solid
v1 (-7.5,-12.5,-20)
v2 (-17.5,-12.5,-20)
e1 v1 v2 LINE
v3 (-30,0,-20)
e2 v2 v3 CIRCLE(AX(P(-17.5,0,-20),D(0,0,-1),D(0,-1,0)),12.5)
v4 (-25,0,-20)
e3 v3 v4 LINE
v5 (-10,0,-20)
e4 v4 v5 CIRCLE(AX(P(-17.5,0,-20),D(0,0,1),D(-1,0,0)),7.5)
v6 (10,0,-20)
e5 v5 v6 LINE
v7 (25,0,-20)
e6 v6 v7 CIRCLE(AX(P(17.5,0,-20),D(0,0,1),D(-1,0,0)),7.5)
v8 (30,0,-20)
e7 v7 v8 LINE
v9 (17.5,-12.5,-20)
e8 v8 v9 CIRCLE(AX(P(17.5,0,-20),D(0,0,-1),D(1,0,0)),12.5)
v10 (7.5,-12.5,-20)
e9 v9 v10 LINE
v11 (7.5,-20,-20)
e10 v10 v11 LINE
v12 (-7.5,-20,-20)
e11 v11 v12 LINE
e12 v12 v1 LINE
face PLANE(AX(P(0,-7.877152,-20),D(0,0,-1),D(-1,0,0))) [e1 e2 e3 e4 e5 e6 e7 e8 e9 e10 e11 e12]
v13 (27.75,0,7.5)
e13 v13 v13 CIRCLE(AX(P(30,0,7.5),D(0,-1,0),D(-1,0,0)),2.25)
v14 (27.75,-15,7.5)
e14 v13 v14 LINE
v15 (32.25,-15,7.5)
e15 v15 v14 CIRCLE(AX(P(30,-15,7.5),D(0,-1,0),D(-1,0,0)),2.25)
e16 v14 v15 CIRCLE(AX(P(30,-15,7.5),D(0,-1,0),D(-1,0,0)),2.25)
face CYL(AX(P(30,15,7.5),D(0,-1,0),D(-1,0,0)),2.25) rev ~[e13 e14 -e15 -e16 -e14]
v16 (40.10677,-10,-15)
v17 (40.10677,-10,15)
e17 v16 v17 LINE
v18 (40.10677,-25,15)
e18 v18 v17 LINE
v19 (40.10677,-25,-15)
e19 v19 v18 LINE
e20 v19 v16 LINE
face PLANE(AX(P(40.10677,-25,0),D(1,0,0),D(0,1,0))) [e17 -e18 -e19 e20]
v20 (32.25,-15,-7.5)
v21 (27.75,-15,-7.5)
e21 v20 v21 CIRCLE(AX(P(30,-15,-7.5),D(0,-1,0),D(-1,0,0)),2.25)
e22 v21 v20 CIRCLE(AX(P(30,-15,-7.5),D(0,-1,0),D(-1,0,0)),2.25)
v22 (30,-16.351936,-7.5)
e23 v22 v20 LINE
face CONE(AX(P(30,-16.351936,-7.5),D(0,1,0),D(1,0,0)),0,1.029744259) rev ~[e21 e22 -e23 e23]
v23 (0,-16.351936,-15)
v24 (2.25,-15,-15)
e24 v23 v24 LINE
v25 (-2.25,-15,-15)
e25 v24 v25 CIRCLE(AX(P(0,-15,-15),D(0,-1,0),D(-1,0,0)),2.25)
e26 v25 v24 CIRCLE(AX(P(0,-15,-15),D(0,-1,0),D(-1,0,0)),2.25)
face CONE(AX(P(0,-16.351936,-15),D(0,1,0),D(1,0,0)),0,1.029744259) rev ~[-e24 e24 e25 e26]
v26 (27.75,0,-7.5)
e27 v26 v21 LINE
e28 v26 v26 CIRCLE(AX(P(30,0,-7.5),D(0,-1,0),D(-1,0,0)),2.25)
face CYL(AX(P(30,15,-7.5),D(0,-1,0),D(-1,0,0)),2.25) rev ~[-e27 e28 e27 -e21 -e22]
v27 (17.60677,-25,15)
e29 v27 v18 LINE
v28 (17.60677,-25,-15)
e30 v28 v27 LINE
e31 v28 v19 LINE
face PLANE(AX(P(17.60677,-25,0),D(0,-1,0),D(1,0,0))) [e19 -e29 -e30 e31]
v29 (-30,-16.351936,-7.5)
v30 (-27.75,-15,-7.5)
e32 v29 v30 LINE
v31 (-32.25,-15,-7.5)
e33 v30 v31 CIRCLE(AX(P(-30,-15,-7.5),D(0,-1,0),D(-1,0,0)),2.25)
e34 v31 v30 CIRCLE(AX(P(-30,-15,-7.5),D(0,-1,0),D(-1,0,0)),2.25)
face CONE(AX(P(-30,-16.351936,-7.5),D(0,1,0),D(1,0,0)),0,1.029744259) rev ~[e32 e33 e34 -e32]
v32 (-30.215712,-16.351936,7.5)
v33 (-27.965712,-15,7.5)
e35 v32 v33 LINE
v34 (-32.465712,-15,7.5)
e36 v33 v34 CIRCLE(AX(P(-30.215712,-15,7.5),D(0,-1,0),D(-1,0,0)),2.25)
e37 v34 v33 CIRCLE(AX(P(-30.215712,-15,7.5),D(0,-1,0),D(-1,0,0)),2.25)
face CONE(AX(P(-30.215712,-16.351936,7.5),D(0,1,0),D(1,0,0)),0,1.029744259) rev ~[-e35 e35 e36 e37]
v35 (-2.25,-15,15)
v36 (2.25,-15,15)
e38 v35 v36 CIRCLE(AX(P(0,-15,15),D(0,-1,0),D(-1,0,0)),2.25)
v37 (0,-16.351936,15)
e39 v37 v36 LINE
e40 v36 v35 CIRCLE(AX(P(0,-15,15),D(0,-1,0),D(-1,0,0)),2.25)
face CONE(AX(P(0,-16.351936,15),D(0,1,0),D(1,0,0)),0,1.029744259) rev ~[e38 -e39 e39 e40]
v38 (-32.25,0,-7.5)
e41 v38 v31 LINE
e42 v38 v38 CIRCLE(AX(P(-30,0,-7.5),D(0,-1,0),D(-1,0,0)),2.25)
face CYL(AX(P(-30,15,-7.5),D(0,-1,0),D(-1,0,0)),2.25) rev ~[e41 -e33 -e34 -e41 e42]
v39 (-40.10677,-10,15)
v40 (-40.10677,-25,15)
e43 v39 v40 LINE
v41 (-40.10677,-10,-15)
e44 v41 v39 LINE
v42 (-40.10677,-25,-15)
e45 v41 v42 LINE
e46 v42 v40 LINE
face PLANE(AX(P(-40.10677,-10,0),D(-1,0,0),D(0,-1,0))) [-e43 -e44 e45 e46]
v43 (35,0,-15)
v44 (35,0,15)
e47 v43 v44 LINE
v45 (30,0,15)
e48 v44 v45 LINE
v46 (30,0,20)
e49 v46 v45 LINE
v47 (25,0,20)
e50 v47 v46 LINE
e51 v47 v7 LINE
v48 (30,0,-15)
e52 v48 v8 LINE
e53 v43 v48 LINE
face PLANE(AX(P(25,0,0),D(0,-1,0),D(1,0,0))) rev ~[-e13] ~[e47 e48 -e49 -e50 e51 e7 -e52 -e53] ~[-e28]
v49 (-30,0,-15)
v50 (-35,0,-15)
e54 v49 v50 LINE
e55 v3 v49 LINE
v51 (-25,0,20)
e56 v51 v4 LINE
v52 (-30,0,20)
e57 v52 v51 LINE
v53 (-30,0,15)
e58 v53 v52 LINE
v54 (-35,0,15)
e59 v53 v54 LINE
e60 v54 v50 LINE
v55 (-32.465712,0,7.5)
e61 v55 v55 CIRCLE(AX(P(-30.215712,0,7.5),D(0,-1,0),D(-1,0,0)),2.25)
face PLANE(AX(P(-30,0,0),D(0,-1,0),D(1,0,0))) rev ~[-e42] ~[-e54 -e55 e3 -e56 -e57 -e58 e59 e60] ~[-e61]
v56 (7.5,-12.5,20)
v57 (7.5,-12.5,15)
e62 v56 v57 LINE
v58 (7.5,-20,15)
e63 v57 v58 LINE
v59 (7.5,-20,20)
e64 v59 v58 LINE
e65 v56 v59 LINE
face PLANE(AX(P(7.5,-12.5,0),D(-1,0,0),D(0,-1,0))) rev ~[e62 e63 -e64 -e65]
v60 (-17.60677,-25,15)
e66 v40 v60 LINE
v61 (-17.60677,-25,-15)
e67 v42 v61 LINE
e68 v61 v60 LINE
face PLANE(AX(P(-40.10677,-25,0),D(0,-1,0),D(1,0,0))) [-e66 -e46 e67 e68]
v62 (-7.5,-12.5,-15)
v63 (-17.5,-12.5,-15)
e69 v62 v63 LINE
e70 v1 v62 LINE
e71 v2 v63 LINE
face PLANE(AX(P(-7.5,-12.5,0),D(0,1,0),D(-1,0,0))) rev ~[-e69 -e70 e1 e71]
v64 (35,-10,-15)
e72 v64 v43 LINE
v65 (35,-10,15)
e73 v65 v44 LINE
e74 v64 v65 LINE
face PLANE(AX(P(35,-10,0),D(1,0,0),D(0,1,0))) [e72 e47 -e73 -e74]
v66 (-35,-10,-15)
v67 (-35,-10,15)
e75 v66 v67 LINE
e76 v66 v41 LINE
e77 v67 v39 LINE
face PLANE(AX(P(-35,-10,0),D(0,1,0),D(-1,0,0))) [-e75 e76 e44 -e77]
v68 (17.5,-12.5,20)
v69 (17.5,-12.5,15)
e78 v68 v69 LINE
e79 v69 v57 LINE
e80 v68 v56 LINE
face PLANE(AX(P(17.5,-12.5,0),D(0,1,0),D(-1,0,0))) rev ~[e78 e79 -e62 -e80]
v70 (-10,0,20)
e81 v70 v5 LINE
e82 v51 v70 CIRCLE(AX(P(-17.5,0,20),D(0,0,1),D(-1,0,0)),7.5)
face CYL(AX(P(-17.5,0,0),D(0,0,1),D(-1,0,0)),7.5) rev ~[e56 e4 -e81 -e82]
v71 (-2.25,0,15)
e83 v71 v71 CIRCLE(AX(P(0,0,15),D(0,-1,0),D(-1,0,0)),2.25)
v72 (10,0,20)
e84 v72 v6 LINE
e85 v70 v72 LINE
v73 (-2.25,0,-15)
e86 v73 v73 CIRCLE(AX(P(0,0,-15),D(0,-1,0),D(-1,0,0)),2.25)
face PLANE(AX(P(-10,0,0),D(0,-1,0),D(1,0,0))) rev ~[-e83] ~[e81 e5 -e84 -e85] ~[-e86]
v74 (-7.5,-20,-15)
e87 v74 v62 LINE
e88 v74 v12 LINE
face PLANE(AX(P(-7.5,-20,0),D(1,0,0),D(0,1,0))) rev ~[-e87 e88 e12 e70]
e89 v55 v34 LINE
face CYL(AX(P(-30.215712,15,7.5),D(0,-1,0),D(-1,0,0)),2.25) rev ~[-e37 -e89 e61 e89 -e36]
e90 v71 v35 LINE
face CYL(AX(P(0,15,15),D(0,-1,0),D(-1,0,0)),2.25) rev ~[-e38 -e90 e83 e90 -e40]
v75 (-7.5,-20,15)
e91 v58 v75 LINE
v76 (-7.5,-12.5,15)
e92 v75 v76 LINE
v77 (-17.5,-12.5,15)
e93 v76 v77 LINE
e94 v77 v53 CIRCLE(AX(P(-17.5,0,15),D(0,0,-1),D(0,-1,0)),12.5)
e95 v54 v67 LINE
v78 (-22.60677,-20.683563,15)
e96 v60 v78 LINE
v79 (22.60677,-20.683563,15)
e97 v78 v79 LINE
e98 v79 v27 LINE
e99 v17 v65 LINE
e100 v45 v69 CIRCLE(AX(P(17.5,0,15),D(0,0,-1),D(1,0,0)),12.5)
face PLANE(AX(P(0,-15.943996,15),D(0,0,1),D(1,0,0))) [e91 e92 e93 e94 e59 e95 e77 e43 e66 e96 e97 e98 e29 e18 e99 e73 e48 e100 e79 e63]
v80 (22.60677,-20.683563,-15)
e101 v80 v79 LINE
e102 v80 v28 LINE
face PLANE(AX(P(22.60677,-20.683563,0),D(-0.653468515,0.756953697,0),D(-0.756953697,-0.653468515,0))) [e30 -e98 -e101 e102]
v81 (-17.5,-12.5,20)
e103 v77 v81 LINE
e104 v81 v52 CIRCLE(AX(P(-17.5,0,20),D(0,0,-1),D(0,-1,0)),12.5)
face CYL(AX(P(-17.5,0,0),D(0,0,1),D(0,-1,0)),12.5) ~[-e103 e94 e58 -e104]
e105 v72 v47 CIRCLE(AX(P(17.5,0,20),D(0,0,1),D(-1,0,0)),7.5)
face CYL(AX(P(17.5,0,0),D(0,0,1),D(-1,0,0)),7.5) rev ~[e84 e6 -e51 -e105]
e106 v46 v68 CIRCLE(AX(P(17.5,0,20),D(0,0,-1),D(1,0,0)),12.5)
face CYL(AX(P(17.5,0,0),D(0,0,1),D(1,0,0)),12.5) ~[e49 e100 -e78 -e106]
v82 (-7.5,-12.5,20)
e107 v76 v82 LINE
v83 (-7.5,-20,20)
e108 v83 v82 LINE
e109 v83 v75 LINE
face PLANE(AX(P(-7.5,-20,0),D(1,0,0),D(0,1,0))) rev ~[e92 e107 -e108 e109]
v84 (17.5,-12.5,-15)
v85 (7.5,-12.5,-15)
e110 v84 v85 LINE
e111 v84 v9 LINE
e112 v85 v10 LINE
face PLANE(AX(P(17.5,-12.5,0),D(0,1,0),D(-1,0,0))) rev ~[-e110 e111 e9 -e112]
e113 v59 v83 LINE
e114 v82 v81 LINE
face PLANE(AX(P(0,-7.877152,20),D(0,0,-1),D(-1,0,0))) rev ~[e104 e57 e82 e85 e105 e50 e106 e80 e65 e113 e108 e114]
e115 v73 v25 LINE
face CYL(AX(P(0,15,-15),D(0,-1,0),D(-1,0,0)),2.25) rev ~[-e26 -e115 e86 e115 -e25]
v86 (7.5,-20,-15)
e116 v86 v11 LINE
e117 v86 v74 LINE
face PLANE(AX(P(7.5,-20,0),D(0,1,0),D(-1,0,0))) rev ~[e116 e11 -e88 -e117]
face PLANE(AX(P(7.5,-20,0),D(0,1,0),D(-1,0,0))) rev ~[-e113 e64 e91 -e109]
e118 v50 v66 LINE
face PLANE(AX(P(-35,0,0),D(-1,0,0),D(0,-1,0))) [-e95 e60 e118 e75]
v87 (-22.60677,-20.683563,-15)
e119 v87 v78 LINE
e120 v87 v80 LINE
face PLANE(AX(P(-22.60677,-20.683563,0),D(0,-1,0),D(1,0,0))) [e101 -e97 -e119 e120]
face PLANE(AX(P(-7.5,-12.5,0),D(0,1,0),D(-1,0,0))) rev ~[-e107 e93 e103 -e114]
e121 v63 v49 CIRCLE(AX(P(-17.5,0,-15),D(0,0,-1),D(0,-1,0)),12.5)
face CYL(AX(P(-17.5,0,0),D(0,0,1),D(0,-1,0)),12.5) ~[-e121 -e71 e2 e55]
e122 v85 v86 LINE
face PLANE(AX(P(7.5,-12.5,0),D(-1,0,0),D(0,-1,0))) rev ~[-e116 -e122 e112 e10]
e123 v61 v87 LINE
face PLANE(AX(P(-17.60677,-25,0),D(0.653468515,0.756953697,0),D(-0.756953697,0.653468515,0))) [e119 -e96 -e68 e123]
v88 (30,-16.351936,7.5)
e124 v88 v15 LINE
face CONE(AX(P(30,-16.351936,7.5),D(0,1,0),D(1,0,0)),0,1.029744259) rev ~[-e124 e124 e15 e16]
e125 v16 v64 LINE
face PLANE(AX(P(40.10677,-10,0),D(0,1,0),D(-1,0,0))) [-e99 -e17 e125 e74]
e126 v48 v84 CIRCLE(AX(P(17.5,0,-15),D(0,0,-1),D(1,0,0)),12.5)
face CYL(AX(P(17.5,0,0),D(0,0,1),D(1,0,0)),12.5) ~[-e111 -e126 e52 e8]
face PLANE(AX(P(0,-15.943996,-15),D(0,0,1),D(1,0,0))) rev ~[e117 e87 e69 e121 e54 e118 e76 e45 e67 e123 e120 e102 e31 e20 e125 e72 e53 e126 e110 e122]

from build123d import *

# Parameters (mm, degrees)
BOSS_EXTRUDE1_DEPTH       = 20
BOSS_EXTRUDE2_DEPTH       = 15
F_3_0MM_DOWEL_HOLE1_D     = 4.5
F_3_0MM_DOWEL_HOLE1_DEPTH = 15
F_3_0MM_DOWEL_HOLE1_TIP   = 1.351936393


with BuildPart() as part:
    # Sketch1 → Boss-Extrude1 (new, symmetric)
    with BuildSketch(Plane.XY):
        with BuildLine():
            Line((-30, 0), (-25, 0))
            ThreePointArc((-25, 0), (-17.5, -7.5), (-10, 0))
            Line((-10, 0), (10, 0))
            ThreePointArc((10, 0), (17.5, -7.5), (25, 0))
            Line((25, 0), (30, 0))
            ThreePointArc((30, 0), (26.338834765, -8.838834765), (17.5, -12.5))
            Line((17.5, -12.5), (7.5, -12.5))
            Line((7.5, -12.5), (7.5, -20))
            Line((7.5, -20), (-7.5, -20))
            Line((-7.5, -20), (-7.5, -12.5))
            Line((-7.5, -12.5), (-17.5, -12.5))
            ThreePointArc((-17.5, -12.5), (-26.338834765, -8.838834765), (-30, 0))
        make_face()
    extrude(amount=BOSS_EXTRUDE1_DEPTH, both=True)

    # Sketch6 → Boss-Extrude2 (add, symmetric)
    with BuildSketch(Plane.XY):
        with BuildLine():
            Line((-35, 0), (-35, -10))
            Line((-35, -10), (-40.106769961, -10))
            Line((-40.106769961, -10), (-40.106769961, -25))
            Line((-40.106769961, -25), (-17.606769961, -25))
            Line((-17.606769961, -25), (-22.606769961, -20.683563485))
            Line((-22.606769961, -20.683563485), (22.606769961, -20.683563485))
            Line((22.606769961, -20.683563485), (17.606769961, -25))
            Line((17.606769961, -25), (40.106769961, -25))
            Line((40.106769961, -25), (40.106769961, -10))
            Line((40.106769961, -10), (35, -10))
            Line((35, -10), (35, 0))
            Line((35, 0), (30, 0))
            ThreePointArc((30, 0), (26.338834765, -8.838834765), (17.5, -12.5))
            Line((17.5, -12.5), (7.5, -12.5))
            Line((7.5, -12.5), (7.5, -20))
            Line((7.5, -20), (-7.5, -20))
            Line((-7.5, -20), (-7.5, -12.5))
            Line((-7.5, -12.5), (-17.5, -12.5))
            ThreePointArc((-17.5, -12.5), (-26.338834765, -8.838834765), (-30, 0))
            Line((-30, 0), (-35, 0))
        make_face()
    extrude(amount=BOSS_EXTRUDE2_DEPTH, both=True)

    # Ø3.0mm Dowel Hole1
    with Locations(Plane(origin=(0, 0, 0), x_dir=(1, 0, 0), z_dir=(0, 1, 0))):
        with Locations((0, 15), (0, -15), (30, 7.5), (30, -7.5), (-30, 7.5), (-30.215711777, -7.5)):
            Hole(F_3_0MM_DOWEL_HOLE1_D / 2, depth=F_3_0MM_DOWEL_HOLE1_DEPTH)
            with Locations((0, 0, -(F_3_0MM_DOWEL_HOLE1_DEPTH + F_3_0MM_DOWEL_HOLE1_TIP / 2))):  # 118° drill point
                Cone(0, F_3_0MM_DOWEL_HOLE1_D / 2, F_3_0MM_DOWEL_HOLE1_TIP, mode=Mode.SUBTRACT)


solid = part.part
